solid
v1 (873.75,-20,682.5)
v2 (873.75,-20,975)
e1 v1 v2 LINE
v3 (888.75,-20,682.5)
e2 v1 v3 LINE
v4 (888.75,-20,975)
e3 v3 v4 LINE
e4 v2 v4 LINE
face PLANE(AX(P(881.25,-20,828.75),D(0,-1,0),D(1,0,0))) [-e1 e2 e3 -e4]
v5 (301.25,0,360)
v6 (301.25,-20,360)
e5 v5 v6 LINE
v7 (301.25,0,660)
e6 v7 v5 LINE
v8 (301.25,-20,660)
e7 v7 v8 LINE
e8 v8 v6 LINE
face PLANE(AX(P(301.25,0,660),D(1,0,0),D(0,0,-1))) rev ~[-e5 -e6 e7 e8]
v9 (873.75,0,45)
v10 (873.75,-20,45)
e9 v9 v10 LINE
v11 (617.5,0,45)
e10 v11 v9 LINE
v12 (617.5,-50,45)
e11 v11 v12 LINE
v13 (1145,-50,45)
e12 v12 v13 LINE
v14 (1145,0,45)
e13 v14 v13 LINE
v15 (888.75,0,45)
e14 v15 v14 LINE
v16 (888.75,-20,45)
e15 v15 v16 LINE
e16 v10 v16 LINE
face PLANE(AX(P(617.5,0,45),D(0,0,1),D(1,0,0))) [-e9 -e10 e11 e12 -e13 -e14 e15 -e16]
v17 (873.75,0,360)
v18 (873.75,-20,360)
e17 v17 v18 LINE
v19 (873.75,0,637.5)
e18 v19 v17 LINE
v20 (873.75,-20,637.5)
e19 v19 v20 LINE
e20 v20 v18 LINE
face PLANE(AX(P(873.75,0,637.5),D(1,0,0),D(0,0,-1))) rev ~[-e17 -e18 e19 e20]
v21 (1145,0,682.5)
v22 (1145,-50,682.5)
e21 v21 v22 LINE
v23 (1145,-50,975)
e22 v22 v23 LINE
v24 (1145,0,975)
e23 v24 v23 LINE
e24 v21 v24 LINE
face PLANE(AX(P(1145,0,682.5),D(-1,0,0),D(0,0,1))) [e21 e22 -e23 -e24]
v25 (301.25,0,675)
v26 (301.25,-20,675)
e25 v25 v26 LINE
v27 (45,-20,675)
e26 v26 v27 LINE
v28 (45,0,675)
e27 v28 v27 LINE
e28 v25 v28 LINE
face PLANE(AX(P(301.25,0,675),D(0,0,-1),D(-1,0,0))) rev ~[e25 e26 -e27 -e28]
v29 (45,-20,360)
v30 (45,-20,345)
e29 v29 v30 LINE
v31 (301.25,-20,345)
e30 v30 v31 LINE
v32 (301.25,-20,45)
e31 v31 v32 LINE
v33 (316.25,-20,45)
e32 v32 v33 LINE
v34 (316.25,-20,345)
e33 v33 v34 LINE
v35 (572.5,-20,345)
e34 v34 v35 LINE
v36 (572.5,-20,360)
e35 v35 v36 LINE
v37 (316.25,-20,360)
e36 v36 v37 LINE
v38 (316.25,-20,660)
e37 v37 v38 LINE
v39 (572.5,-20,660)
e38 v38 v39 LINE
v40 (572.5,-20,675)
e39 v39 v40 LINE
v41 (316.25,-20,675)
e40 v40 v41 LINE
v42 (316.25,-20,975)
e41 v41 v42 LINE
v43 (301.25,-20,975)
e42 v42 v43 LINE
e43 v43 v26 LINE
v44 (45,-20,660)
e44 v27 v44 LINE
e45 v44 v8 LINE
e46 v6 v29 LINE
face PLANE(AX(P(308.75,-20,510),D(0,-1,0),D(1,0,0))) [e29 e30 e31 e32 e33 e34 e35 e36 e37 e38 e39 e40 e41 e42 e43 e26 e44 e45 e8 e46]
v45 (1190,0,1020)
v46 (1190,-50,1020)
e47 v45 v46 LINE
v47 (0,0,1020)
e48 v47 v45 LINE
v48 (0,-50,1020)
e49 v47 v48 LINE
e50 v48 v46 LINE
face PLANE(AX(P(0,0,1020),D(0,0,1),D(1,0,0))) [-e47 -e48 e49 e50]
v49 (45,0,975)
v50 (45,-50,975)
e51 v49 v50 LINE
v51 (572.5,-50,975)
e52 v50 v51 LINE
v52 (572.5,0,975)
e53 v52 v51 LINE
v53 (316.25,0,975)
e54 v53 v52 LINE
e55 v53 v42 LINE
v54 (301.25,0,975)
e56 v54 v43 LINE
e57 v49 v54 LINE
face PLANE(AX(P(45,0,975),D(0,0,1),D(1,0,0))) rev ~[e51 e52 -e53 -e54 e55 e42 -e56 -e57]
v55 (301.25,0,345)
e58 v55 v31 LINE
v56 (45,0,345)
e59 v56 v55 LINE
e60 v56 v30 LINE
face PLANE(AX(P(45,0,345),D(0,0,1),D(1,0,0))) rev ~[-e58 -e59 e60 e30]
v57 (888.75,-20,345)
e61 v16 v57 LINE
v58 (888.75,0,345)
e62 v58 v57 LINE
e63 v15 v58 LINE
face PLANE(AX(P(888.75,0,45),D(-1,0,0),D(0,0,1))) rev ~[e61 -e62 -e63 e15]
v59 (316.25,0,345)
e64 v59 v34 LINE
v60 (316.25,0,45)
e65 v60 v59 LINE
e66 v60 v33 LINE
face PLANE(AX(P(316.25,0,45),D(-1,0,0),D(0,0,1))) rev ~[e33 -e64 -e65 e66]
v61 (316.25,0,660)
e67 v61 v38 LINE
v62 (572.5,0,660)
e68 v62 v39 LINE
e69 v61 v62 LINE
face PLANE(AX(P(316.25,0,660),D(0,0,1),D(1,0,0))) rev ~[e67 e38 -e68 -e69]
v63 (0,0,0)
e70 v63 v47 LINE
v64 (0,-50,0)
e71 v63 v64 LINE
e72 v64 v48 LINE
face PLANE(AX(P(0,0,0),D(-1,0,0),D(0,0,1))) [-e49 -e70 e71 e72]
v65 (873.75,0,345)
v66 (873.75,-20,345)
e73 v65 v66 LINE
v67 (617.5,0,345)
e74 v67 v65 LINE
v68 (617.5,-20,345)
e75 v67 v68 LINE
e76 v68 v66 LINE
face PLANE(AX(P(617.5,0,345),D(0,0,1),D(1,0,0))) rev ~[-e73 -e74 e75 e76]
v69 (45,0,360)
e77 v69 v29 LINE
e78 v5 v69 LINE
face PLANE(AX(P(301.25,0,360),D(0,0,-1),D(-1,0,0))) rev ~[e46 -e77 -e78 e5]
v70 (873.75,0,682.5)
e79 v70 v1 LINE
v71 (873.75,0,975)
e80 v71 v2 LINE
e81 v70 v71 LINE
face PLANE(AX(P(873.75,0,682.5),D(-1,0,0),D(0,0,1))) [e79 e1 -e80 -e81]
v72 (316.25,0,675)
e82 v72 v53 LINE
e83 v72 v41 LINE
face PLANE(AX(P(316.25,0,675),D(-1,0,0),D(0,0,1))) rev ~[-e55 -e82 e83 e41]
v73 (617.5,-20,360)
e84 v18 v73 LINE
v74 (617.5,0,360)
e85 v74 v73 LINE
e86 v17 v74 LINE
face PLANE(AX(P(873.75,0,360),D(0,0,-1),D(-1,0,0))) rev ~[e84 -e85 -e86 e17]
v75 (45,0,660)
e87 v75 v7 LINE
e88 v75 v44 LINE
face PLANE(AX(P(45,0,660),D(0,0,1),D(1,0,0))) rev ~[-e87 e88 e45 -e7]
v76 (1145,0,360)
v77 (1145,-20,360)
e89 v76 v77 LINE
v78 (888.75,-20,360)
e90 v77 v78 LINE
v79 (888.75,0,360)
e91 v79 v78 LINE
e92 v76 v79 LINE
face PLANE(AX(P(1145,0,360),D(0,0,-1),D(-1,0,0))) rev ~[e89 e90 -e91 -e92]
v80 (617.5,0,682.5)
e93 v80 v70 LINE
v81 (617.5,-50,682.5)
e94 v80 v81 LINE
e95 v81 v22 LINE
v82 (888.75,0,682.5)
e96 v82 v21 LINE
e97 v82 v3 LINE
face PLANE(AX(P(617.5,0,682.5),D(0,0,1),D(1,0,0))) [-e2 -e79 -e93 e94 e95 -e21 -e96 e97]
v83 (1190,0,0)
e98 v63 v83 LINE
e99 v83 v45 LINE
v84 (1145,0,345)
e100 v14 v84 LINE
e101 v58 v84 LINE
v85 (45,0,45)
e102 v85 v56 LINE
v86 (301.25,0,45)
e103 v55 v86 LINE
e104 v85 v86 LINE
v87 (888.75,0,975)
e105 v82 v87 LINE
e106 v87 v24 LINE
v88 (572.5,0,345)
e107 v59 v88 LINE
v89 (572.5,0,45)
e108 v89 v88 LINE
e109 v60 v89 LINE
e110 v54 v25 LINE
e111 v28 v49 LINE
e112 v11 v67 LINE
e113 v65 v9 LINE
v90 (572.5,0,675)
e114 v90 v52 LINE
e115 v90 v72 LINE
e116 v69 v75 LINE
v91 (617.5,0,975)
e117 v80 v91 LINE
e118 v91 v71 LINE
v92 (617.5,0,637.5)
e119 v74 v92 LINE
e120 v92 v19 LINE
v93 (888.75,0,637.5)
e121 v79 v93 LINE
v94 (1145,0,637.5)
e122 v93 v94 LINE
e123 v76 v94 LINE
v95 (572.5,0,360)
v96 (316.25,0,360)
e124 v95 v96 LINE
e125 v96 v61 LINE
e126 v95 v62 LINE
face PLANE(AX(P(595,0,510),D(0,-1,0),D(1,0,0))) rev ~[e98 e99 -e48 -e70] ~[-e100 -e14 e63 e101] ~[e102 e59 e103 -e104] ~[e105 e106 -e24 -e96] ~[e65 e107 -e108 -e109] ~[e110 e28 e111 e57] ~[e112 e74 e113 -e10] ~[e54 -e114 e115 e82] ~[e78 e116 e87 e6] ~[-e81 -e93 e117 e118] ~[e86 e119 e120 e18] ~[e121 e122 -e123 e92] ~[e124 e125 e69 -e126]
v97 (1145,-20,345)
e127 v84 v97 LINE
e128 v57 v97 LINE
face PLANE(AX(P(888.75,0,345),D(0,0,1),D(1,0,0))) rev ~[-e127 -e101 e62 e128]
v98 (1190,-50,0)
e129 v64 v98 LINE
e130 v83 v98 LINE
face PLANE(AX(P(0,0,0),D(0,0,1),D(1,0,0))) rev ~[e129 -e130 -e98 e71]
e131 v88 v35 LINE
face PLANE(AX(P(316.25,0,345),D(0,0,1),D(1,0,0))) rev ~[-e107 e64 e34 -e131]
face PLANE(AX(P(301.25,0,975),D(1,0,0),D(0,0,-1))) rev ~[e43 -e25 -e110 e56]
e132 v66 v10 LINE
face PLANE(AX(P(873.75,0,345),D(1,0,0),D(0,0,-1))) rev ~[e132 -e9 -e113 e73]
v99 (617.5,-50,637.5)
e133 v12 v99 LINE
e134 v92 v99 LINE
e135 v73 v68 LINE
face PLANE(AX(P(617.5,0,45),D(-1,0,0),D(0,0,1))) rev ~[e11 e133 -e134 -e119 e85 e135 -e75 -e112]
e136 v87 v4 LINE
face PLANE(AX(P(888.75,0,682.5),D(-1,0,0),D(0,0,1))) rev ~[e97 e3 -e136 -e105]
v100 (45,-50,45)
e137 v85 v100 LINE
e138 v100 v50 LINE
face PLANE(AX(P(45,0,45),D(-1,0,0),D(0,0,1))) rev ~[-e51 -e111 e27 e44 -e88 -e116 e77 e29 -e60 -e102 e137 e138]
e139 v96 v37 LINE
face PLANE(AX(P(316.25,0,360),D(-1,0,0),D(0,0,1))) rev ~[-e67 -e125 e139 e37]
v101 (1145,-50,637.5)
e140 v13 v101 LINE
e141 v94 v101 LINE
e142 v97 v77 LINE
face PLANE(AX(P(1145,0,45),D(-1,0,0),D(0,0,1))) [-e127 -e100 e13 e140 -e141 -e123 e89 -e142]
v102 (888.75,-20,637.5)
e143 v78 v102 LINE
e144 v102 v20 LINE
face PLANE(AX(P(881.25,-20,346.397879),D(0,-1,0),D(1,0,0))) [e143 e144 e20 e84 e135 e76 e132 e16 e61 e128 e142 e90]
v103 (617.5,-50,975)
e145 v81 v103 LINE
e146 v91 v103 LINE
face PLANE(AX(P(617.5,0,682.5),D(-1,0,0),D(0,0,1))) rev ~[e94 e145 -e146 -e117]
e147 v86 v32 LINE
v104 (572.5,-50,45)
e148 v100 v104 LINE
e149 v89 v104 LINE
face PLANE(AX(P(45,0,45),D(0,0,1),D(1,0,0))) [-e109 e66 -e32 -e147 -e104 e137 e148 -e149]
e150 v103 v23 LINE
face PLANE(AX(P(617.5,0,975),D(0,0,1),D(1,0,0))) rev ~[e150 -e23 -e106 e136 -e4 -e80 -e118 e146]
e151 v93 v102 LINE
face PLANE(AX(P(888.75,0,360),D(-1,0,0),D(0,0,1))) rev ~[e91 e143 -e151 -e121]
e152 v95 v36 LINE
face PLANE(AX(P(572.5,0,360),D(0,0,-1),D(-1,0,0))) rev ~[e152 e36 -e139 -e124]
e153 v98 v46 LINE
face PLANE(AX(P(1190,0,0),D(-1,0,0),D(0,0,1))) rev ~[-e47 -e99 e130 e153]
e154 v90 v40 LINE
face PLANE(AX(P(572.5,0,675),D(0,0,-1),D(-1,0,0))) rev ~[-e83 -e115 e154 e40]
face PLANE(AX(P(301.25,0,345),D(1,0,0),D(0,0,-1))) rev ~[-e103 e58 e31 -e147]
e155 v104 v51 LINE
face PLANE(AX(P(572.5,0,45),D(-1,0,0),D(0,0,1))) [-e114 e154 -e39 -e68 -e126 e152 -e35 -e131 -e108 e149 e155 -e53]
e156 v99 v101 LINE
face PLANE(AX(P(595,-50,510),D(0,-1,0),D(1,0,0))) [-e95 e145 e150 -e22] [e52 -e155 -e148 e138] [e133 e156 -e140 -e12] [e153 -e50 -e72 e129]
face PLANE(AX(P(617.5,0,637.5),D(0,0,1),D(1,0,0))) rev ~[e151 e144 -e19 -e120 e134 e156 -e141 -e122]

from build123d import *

# Parameters (mm, degrees)
F0_W     = 1190
F0_H     = 1020
F0_W_2   = 527.5
F0_H_2   = 592.5
F0_H_3   = 930
F0_H_4   = 292.5
F1_DEPTH = 50
F2_W     = 15
F2_H     = 292.5
F3_DEPTH = 20


with BuildPart() as f1:
    # F0 (on Front) → F1 (new body)
    with BuildSketch(Plane.XZ):
        with Locations((595, 510)):
            Rectangle(F0_W, F0_H)
        with Locations((881.25, 341.25)):
            Rectangle(F0_W_2, F0_H_2, mode=Mode.SUBTRACT)
        with Locations((308.75, 510)):
            Rectangle(F0_W_2, F0_H_3, mode=Mode.SUBTRACT)
        with Locations((881.25, 828.75)):
            Rectangle(F0_W_2, F0_H_4, mode=Mode.SUBTRACT)
    extrude(amount=F1_DEPTH)

    # F2 (on Front) → F3 (join)
    with BuildSketch(Plane.XZ):
        Polygon((316.25, 975), (301.25, 975), (301.25, 675), (45, 675), (45, 660), (301.25, 660), (301.25, 360), (45, 360), (45, 345), (301.25, 345), (301.25, 45), (316.25, 45), (316.25, 345), (572.5, 345), (572.5, 360), (316.25, 360), (316.25, 660), (572.5, 660), (572.5, 675), (316.25, 675), align=None)
        Polygon((873.75, 360), (617.5, 360), (617.5, 345), (873.75, 345), (873.75, 45), (888.75, 45), (888.75, 345), (1145, 345), (1145, 360), (888.75, 360), (888.75, 637.5), (873.75, 637.5), align=None)
        with Locations((881.25, 828.75)):
            Rectangle(F2_W, F2_H)
    extrude(amount=F3_DEPTH)


solid = f1.part
